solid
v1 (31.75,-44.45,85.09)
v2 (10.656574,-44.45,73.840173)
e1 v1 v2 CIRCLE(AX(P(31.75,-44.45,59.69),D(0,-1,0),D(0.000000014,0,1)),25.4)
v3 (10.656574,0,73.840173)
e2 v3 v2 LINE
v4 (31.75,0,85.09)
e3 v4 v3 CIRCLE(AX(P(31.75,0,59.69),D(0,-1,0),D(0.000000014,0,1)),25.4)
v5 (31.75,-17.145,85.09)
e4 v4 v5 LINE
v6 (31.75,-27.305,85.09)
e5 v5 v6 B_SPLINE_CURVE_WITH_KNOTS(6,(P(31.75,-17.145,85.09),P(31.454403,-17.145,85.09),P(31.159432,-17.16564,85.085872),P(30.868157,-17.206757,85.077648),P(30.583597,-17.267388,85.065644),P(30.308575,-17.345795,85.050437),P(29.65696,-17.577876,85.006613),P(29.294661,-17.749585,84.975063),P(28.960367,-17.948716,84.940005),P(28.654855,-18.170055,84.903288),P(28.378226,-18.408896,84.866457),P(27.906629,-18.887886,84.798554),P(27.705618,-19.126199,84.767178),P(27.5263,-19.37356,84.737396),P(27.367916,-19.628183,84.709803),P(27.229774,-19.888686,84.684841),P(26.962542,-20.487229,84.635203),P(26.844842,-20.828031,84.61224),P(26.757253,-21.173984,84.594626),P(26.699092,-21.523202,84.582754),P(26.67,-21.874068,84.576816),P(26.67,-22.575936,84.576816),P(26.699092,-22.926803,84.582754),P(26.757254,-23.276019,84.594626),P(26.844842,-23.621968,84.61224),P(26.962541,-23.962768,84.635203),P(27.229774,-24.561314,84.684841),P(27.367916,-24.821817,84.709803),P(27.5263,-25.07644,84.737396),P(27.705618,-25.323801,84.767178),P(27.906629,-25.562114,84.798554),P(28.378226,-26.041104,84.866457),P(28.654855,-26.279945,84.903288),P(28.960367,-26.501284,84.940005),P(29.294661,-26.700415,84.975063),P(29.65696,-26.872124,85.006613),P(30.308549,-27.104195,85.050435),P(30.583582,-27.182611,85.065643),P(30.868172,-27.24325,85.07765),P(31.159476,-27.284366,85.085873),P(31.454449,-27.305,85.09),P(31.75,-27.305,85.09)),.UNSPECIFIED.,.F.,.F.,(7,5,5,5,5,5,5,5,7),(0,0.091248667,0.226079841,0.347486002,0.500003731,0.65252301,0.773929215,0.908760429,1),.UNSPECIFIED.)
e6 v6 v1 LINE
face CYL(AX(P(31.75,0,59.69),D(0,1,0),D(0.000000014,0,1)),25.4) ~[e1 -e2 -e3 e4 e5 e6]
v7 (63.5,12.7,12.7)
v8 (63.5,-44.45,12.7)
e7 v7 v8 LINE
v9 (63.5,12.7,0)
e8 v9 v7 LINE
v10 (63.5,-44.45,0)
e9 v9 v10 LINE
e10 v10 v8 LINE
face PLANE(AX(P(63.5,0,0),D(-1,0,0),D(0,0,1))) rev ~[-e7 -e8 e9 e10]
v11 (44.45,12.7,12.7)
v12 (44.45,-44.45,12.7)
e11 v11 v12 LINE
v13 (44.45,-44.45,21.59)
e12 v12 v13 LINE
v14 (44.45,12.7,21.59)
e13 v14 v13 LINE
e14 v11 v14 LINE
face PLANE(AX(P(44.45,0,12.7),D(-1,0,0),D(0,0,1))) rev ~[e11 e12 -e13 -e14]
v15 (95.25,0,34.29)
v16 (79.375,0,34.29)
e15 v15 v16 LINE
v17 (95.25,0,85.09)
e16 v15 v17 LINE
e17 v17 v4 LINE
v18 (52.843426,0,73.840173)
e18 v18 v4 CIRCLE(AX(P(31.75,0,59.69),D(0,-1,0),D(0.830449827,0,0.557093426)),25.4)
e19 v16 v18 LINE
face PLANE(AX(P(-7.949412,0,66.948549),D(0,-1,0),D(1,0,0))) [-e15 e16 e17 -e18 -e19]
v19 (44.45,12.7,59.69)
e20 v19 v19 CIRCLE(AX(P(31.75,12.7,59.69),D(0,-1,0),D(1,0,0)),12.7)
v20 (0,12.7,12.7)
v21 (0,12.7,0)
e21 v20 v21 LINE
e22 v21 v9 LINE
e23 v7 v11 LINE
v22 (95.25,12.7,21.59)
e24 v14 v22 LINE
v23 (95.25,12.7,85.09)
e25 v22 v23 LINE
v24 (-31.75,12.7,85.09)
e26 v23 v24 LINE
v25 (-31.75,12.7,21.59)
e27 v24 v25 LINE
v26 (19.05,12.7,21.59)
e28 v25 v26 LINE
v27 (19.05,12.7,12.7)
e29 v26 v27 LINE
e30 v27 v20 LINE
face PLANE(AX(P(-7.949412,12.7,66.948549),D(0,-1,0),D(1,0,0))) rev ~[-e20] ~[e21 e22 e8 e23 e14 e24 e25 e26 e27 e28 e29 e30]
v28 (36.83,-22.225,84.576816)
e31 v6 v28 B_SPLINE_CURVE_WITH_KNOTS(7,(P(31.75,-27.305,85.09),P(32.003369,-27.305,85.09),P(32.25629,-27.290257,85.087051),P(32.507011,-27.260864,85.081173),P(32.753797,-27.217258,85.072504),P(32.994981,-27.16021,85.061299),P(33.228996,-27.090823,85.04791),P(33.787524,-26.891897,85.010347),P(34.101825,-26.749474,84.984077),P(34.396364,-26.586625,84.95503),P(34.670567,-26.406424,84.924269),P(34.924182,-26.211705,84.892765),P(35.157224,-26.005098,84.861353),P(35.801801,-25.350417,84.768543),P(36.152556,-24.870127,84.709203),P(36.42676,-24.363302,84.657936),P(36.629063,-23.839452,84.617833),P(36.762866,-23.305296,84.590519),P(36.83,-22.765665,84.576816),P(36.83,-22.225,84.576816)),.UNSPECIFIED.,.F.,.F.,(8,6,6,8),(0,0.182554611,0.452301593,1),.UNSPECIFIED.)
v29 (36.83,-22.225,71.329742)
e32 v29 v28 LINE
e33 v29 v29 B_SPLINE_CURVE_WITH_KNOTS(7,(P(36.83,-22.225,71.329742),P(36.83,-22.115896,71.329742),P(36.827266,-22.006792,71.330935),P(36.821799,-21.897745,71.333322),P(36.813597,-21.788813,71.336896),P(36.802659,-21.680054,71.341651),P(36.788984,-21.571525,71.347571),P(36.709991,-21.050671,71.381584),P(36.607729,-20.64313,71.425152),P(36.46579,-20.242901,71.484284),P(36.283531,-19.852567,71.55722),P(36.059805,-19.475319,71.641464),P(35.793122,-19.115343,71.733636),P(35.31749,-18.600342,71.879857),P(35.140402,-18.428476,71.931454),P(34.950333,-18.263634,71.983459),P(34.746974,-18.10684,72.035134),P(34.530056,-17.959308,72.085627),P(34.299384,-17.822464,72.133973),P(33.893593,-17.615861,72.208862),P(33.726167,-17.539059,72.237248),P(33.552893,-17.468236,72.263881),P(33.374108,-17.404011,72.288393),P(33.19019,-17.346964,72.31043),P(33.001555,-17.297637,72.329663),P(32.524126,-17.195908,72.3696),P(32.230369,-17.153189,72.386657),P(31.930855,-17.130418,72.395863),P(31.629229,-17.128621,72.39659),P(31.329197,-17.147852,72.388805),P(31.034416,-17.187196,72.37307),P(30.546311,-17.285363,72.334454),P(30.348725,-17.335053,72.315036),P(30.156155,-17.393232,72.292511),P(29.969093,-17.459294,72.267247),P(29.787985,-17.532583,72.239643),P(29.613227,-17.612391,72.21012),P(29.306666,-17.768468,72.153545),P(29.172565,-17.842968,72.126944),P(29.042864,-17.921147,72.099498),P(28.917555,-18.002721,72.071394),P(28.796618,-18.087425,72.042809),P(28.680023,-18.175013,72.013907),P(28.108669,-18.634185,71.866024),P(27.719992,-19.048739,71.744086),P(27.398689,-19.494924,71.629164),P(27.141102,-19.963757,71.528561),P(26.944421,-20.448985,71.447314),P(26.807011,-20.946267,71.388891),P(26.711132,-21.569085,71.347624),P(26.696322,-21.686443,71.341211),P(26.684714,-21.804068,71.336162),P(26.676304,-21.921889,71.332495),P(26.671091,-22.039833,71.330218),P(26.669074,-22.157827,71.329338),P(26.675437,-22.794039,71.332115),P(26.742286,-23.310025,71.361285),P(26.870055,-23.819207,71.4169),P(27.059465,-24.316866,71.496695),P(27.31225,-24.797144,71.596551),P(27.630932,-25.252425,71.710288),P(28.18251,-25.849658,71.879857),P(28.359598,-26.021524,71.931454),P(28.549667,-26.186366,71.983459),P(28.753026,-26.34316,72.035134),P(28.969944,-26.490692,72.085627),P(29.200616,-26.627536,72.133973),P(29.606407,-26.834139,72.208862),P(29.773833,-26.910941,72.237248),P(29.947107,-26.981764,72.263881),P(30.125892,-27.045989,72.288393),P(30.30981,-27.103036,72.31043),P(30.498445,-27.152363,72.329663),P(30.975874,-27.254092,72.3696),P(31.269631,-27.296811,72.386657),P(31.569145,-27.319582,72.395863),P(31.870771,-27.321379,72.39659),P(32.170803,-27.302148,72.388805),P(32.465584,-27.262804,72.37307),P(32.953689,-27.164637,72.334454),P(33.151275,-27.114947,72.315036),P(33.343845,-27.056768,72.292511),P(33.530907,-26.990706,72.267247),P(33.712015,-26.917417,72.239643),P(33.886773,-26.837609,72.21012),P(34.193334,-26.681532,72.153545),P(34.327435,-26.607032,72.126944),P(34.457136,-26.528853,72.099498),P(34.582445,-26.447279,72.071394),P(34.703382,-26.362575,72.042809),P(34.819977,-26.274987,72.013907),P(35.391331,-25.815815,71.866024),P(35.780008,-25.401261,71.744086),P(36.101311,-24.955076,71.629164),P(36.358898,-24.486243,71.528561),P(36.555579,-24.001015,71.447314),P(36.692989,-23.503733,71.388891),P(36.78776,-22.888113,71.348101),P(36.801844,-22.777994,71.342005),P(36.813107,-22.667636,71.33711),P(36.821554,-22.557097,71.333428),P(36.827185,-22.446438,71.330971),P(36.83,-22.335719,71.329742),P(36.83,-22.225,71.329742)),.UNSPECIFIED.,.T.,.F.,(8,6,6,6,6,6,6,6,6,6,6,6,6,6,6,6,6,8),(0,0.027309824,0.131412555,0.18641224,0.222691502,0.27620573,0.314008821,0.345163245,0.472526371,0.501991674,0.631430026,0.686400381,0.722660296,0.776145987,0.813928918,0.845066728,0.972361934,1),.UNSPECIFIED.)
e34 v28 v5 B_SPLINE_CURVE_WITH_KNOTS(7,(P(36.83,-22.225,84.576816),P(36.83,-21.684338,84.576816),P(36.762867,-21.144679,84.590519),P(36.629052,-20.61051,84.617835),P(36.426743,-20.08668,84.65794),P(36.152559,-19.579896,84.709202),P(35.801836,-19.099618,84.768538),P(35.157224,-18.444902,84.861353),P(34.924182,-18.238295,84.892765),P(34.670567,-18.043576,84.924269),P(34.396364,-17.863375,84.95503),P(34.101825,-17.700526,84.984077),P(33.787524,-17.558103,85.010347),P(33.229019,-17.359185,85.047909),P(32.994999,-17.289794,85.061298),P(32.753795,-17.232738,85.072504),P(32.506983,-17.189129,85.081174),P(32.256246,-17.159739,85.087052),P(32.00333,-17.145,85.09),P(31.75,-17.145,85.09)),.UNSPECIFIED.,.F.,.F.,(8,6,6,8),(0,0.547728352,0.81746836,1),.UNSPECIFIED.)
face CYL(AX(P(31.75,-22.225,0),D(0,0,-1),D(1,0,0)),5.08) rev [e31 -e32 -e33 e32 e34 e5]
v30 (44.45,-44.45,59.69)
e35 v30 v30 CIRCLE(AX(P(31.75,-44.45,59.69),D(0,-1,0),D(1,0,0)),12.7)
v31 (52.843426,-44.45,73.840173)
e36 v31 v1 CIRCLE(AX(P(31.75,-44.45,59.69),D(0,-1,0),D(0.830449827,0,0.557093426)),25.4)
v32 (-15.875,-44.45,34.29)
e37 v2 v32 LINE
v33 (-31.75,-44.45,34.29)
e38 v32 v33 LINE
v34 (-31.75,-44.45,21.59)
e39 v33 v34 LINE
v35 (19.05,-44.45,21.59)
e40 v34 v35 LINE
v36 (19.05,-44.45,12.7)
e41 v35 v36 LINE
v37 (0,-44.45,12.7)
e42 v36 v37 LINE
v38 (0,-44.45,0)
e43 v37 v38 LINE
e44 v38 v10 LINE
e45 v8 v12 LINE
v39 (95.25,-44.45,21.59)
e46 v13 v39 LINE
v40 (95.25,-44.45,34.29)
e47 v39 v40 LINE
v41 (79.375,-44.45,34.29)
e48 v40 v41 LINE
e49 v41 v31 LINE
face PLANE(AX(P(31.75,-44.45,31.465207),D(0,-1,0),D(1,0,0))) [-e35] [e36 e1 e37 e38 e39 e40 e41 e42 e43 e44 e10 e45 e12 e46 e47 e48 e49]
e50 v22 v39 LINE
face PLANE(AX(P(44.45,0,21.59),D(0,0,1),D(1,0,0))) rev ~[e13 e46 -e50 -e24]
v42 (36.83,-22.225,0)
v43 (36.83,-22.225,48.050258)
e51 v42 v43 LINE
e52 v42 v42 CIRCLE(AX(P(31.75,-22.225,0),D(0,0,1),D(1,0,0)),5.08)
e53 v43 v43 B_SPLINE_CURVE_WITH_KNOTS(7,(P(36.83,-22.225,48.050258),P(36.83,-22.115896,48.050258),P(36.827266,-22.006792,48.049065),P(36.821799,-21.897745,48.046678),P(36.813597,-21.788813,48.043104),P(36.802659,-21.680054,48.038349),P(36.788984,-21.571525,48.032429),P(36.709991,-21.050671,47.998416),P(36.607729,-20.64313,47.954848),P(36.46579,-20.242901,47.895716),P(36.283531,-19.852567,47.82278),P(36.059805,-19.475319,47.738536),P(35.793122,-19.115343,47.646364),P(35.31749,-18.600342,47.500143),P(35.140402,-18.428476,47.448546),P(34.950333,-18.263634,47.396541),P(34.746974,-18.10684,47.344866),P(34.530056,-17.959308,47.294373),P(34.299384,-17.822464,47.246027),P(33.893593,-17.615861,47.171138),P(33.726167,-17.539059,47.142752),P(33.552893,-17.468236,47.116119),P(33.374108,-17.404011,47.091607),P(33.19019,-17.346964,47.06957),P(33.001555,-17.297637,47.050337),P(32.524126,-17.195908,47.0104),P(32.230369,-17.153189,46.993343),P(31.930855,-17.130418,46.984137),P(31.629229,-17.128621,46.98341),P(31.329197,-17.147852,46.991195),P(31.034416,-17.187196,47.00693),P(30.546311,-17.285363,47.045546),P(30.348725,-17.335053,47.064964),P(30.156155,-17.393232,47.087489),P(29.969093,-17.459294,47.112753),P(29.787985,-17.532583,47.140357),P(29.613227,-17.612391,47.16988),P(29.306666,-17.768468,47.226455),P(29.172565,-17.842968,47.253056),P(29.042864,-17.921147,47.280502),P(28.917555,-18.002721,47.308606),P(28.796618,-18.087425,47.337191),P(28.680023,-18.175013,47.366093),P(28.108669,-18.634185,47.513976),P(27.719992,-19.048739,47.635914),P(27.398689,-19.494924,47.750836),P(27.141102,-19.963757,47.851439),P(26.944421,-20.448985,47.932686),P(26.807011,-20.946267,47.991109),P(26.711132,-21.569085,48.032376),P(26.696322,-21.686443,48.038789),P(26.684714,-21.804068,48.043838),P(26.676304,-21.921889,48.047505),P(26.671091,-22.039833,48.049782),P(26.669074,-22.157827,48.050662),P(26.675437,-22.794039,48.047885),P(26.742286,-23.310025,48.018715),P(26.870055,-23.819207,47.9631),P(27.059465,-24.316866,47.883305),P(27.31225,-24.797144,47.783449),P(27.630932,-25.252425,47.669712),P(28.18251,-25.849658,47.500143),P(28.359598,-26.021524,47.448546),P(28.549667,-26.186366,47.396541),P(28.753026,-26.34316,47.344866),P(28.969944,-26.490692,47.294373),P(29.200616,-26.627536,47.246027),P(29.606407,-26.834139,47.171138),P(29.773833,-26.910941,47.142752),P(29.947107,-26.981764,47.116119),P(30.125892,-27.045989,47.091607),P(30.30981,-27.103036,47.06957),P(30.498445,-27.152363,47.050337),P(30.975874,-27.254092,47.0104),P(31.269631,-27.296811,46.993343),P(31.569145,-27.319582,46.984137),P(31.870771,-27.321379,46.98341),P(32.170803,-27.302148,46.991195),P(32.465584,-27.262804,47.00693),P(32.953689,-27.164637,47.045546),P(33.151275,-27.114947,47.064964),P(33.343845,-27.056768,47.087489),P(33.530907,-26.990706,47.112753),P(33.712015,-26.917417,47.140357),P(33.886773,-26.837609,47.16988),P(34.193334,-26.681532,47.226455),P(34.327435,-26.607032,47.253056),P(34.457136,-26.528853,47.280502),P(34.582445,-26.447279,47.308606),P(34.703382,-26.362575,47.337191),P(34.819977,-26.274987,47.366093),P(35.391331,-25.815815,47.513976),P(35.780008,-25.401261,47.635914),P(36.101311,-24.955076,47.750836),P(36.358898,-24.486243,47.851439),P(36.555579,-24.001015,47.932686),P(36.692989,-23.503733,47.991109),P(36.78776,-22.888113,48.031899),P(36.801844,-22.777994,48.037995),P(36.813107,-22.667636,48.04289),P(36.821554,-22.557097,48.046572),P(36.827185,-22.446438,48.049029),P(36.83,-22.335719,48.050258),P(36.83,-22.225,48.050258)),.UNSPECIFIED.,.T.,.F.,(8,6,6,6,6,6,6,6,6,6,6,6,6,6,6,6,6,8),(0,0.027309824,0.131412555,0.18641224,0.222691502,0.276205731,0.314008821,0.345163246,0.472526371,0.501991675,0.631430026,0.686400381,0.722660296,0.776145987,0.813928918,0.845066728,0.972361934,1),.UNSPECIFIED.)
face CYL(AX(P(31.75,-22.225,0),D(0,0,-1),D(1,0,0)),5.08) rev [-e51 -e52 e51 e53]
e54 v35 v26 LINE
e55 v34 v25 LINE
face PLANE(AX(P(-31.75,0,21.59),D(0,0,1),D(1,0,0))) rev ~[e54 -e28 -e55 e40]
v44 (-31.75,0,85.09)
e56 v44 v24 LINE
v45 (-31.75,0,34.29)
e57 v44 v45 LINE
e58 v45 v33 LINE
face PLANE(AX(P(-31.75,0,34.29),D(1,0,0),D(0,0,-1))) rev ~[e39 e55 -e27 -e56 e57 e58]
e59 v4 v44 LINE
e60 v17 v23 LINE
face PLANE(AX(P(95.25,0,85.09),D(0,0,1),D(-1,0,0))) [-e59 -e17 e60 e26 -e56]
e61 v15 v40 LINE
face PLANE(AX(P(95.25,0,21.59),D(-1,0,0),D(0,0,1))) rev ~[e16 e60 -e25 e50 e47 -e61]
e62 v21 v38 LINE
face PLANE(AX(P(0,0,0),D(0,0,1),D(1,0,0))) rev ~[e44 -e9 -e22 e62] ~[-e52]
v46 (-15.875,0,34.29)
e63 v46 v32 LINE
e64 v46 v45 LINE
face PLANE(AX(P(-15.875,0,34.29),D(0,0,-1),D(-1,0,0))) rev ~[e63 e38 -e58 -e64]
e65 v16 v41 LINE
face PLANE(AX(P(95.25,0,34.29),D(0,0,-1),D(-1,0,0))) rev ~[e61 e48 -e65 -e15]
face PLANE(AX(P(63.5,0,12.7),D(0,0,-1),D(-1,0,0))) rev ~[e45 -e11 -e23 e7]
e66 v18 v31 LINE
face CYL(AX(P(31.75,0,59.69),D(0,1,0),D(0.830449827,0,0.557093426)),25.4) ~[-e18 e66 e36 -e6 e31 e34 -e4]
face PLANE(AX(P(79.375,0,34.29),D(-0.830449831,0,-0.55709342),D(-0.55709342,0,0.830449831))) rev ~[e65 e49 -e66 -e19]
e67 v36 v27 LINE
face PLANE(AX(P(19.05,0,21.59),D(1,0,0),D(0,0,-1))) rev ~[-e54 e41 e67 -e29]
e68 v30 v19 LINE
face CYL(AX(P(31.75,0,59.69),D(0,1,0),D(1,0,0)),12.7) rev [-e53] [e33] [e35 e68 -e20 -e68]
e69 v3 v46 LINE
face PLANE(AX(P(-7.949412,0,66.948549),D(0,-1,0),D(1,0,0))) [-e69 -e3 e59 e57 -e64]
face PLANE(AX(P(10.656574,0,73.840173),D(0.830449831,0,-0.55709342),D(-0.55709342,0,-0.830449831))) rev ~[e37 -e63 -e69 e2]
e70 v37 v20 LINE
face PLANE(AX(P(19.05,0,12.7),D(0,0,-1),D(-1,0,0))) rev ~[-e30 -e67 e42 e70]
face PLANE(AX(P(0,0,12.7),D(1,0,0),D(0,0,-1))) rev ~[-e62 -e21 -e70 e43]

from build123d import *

# Parameters (mm, degrees)
F0_R     = 12.7
F1_DEPTH = 12.7
F2_DEPTH = 44.45
F3_R     = 5.08
F4_DEPTH = 199.39


with BuildPart() as f1:
    # F0 (on Front) → F1 (new body)
    with BuildSketch(Plane.XZ):
        with BuildLine():
            Line((-31.75, 85.09), (-31.75, 34.29))
            Line((-31.75, 34.29), (-15.875, 34.29))
            Line((-15.875, 34.29), (10.656574, 73.840173))
            ThreePointArc((10.656574, 73.840173), (19.797059, 82.101765), (31.75, 85.09))
            Line((31.75, 85.09), (-31.75, 85.09))
        make_face()
        with BuildLine():
            Line((79.375, 34.29), (95.25, 34.29))
            Line((95.25, 34.29), (95.25, 85.09))
            Line((95.25, 85.09), (31.75, 85.09))
            ThreePointArc((31.75, 85.09), (43.702941, 82.101765), (52.843426, 73.840173))
            Line((52.843426, 73.840173), (79.375, 34.29))
        make_face()
        with BuildLine():
            Line((0, 12.7), (0, 0))
            Line((0, 0), (63.5, 0))
            Line((63.5, 0), (63.5, 12.7))
            Line((63.5, 12.7), (44.45, 12.7))
            Line((44.45, 12.7), (44.45, 21.59))
            Line((44.45, 21.59), (95.25, 21.59))
            Line((95.25, 21.59), (95.25, 34.29))
            Line((95.25, 34.29), (79.375, 34.29))
            Line((79.375, 34.29), (52.843426, 73.840173))
            ThreePointArc((52.843426, 73.840173), (43.702941, 82.101765), (31.75, 85.09))
            ThreePointArc((31.75, 85.09), (19.797059, 82.101765), (10.656574, 73.840173))
            Line((10.656574, 73.840173), (-15.875, 34.29))
            Line((-15.875, 34.29), (-31.75, 34.29))
            Line((-31.75, 34.29), (-31.75, 21.59))
            Line((-31.75, 21.59), (19.05, 21.59))
            Line((19.05, 21.59), (19.05, 12.7))
            Line((19.05, 12.7), (0, 12.7))
        make_face()
        with Locations((31.75, 59.69)):
            Circle(F0_R, mode=Mode.SUBTRACT)
    extrude(amount=-F1_DEPTH)

    # F0 (on Front) → F2 (join)
    with BuildSketch(Plane.XZ):
        with BuildLine():
            Line((0, 12.7), (0, 0))
            Line((0, 0), (63.5, 0))
            Line((63.5, 0), (63.5, 12.7))
            Line((63.5, 12.7), (44.45, 12.7))
            Line((44.45, 12.7), (44.45, 21.59))
            Line((44.45, 21.59), (95.25, 21.59))
            Line((95.25, 21.59), (95.25, 34.29))
            Line((95.25, 34.29), (79.375, 34.29))
            Line((79.375, 34.29), (52.843426, 73.840173))
            ThreePointArc((52.843426, 73.840173), (43.702941, 82.101765), (31.75, 85.09))
            ThreePointArc((31.75, 85.09), (19.797059, 82.101765), (10.656574, 73.840173))
            Line((10.656574, 73.840173), (-15.875, 34.29))
            Line((-15.875, 34.29), (-31.75, 34.29))
            Line((-31.75, 34.29), (-31.75, 21.59))
            Line((-31.75, 21.59), (19.05, 21.59))
            Line((19.05, 21.59), (19.05, 12.7))
            Line((19.05, 12.7), (0, 12.7))
        make_face()
        with Locations((31.75, 59.69)):
            Circle(F0_R, mode=Mode.SUBTRACT)
    extrude(amount=F2_DEPTH)

    # F3 (on Top) → F4 (cut)
    with BuildSketch(Plane.XY):
        with Locations((31.75, -22.225)):
            Circle(F3_R)
    extrude(amount=F4_DEPTH, mode=Mode.SUBTRACT)


solid = f1.part
